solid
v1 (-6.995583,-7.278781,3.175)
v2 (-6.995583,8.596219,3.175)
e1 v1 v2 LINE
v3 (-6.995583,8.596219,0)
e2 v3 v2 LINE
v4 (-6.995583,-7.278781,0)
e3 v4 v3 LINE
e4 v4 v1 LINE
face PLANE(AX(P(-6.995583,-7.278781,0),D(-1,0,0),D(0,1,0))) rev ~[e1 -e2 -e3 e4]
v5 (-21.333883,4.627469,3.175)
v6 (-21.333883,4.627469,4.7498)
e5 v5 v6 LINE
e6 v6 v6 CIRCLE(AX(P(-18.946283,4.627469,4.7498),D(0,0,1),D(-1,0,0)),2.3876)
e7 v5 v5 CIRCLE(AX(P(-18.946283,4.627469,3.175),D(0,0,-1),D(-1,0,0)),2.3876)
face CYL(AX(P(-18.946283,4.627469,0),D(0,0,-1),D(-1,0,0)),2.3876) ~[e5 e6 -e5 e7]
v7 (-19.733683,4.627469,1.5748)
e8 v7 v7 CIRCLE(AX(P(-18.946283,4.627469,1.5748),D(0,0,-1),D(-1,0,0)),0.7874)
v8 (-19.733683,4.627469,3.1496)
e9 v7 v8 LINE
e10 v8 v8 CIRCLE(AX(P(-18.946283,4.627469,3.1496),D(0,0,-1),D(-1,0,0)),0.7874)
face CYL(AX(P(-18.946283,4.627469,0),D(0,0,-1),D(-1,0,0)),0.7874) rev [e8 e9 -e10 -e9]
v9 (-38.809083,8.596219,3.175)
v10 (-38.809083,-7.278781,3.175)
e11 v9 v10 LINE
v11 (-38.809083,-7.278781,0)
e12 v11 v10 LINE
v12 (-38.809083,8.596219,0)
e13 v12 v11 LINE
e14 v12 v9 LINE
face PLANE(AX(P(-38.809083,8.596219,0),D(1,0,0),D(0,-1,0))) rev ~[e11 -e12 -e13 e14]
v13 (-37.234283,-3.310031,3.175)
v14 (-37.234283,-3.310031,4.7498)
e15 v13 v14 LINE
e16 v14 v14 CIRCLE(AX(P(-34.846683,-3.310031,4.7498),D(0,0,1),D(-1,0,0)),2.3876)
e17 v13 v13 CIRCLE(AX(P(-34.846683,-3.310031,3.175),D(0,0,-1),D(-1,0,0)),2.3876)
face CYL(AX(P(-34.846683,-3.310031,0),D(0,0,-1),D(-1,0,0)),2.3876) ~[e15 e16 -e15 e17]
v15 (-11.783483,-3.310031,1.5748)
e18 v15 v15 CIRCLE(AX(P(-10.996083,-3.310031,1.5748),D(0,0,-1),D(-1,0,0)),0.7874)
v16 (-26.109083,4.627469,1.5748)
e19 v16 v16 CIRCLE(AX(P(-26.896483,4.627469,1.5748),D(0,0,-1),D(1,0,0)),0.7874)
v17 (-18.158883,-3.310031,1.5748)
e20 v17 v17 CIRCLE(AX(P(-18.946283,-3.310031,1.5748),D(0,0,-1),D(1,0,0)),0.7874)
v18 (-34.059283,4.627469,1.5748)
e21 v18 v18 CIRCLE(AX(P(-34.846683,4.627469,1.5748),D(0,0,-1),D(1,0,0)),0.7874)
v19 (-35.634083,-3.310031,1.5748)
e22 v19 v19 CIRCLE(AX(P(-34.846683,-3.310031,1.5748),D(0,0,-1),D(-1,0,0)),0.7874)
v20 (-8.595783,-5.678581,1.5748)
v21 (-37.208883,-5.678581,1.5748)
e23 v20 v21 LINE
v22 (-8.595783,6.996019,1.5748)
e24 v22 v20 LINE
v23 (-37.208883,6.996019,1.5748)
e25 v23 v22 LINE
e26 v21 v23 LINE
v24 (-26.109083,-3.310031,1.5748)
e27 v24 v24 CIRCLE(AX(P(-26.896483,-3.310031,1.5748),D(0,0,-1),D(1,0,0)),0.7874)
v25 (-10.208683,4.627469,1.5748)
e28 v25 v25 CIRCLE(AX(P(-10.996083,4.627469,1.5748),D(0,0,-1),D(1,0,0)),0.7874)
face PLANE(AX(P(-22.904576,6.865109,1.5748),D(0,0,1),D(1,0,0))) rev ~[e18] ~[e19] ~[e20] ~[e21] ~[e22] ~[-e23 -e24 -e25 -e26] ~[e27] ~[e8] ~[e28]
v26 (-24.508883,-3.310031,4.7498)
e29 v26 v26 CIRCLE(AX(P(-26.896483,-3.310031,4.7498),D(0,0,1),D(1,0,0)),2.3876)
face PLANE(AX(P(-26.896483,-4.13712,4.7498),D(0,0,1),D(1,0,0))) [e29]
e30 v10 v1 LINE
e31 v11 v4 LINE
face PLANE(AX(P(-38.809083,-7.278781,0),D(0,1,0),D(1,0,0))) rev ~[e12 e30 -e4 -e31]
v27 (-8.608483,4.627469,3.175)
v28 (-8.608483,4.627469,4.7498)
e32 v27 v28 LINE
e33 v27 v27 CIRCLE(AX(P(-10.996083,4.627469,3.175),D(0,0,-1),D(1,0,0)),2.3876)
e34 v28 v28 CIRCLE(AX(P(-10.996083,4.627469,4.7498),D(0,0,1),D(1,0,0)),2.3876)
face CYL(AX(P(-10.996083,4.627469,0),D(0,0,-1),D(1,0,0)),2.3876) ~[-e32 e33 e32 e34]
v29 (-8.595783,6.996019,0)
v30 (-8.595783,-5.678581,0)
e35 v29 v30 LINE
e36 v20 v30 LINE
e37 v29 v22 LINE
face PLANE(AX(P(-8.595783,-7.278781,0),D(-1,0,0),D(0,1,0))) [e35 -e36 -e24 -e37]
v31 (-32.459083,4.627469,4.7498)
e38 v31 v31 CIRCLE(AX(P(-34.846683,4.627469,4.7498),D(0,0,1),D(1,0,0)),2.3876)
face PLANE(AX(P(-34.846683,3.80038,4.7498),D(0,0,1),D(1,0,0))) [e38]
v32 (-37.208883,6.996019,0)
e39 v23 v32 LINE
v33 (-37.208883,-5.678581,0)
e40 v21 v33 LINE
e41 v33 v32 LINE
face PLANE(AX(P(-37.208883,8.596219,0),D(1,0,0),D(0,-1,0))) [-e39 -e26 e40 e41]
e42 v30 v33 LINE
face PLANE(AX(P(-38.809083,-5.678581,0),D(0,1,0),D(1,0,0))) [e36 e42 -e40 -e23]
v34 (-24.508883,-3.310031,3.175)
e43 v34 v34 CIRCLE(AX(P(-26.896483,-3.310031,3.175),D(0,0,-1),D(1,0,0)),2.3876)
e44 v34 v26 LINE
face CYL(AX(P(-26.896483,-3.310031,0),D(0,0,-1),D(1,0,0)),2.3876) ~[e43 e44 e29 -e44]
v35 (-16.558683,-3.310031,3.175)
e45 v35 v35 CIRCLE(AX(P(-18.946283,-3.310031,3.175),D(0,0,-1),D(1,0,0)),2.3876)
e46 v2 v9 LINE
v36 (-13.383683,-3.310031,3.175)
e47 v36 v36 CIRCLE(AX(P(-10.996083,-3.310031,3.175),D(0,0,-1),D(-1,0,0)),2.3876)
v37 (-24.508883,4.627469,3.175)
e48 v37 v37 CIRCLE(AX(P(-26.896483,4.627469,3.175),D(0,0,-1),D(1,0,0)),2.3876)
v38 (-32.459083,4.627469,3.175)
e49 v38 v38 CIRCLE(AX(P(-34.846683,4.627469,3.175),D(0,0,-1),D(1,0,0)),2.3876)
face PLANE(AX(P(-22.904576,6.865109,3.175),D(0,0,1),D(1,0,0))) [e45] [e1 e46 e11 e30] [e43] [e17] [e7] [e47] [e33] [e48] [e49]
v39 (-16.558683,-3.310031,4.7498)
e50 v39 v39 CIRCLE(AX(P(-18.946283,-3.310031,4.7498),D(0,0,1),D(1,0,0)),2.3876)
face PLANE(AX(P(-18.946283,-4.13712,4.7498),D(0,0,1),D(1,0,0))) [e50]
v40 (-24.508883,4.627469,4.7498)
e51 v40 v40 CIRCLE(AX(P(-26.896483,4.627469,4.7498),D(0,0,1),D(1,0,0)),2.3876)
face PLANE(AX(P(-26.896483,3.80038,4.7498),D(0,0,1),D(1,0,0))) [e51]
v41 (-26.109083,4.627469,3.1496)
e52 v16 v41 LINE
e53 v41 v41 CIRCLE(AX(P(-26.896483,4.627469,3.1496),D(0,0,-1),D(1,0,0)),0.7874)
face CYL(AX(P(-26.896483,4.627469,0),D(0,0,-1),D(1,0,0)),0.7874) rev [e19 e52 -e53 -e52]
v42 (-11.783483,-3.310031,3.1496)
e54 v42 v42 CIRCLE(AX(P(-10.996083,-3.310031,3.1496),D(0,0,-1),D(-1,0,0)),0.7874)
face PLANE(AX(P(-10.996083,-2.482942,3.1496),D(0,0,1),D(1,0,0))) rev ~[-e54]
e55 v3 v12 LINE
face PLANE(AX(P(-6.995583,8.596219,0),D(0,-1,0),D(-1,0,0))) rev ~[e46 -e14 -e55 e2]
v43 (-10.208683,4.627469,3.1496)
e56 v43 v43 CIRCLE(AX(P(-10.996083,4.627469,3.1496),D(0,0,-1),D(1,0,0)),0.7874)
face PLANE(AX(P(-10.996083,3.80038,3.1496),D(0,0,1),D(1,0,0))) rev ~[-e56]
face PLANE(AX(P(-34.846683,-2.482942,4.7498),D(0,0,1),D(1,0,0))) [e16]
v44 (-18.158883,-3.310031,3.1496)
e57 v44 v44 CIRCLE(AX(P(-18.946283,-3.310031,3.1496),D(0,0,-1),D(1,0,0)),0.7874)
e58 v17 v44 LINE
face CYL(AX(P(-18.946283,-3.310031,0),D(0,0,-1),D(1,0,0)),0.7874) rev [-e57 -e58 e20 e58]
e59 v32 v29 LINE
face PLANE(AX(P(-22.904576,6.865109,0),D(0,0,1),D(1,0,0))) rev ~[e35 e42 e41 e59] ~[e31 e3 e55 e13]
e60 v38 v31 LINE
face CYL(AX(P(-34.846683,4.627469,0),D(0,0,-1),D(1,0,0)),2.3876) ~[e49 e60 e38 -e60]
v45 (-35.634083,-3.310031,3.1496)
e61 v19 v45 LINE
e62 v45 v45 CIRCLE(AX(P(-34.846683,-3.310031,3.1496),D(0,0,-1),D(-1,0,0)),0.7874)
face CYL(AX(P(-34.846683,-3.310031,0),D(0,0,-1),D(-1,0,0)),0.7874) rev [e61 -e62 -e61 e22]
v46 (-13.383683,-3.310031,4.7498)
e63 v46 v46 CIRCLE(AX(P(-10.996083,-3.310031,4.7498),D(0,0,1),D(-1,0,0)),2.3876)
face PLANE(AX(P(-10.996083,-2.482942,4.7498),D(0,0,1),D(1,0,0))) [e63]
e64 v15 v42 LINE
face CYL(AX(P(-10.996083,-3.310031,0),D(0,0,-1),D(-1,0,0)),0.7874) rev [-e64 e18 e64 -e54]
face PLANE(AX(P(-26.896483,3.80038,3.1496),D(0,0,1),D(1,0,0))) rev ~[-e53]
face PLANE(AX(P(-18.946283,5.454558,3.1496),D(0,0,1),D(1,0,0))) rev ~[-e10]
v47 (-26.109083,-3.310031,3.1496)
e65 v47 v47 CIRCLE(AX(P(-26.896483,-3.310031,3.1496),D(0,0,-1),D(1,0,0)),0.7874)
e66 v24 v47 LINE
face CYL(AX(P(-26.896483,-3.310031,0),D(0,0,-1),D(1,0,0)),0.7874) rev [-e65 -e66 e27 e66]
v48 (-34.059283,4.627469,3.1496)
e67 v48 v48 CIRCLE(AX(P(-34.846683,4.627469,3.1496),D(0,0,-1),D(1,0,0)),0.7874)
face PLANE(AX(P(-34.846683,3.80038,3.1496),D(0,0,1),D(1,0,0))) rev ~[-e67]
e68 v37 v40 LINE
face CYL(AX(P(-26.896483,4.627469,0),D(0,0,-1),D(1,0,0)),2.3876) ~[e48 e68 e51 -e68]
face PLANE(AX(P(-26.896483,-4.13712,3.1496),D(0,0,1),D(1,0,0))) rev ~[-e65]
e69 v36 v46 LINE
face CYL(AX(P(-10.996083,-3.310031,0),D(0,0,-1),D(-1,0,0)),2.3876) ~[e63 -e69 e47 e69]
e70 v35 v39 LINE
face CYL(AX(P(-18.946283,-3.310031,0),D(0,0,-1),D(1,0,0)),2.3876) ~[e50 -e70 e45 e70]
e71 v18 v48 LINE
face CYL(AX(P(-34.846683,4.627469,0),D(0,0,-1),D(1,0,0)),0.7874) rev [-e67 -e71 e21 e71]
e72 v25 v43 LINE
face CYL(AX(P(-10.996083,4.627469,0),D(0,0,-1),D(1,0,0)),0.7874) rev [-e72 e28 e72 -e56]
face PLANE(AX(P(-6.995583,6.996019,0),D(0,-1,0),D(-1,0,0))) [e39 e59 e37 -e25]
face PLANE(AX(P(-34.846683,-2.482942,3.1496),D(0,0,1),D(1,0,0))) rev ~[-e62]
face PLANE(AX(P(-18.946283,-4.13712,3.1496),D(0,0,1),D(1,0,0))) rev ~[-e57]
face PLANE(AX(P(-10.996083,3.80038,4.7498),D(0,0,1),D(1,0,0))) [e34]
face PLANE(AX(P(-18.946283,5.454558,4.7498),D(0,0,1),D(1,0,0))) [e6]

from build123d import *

# Parameters (mm, degrees)
F1_DEPTH = 3.175
F2_DEPTH = 4.7498
F3_T     = -1.6002


with BuildPart() as f1:
    # F0 (on Top) → F1 (new body)
    with BuildSketch(Plane.XY):
        with BuildLine():
            Line((-6.9955831819, 8.5962191019), (-38.8090831819, 8.5962191019))
            Line((-38.8090831819, 8.5962191019), (-38.8090831819, 4.6274691019))
            Line((-38.8090831819, 4.6274691019), (-37.2342831819, 4.6274691019))
            ThreePointArc((-37.2342831819, 4.6274691019), (-34.8466831819, 7.0150691019), (-32.4590831819, 4.6274691019))
            Line((-32.4590831819, 4.6274691019), (-29.2840831819, 4.6274691019))
            ThreePointArc((-29.2840831819, 4.6274691019), (-26.8964831819, 7.0150691019), (-24.5088831819, 4.6274691019))
            Line((-24.5088831819, 4.6274691019), (-21.3338831819, 4.6274691019))
            ThreePointArc((-21.3338831819, 4.6274691019), (-18.9462831819, 7.0150691019), (-16.5586831819, 4.6274691019))
            Line((-16.5586831819, 4.6274691019), (-13.3836831819, 4.6274691019))
            ThreePointArc((-13.3836831819, 4.6274691019), (-10.9960831819, 7.0150691019), (-8.6084831819, 4.6274691019))
            Line((-8.6084831819, 4.6274691019), (-6.9955831819, 4.6274691019))
            Line((-6.9955831819, 4.6274691019), (-6.9955831819, 8.5962191019))
        make_face()
        with BuildLine():
            Line((-37.2342831819, 4.6274691019), (-38.8090831819, 4.6274691019))
            Line((-38.8090831819, 4.6274691019), (-38.8090831819, 0.6587191019))
            Line((-38.8090831819, 0.6587191019), (-6.9955831819, 0.6587191019))
            Line((-6.9955831819, 0.6587191019), (-6.9955831819, 4.6274691019))
            Line((-6.9955831819, 4.6274691019), (-8.6084831819, 4.6274691019))
            ThreePointArc((-8.6084831819, 4.6274691019), (-10.9960831819, 2.2398691019), (-13.3836831819, 4.6274691019))
            Line((-13.3836831819, 4.6274691019), (-16.5586831819, 4.6274691019))
            ThreePointArc((-16.5586831819, 4.6274691019), (-18.9462831819, 2.2398691019), (-21.3338831819, 4.6274691019))
            Line((-21.3338831819, 4.6274691019), (-24.5088831819, 4.6274691019))
            ThreePointArc((-24.5088831819, 4.6274691019), (-26.8964831819, 2.2398691019), (-29.2840831819, 4.6274691019))
            Line((-29.2840831819, 4.6274691019), (-32.4590831819, 4.6274691019))
            ThreePointArc((-32.4590831819, 4.6274691019), (-34.8466831819, 2.2398691019), (-37.2342831819, 4.6274691019))
        make_face()
        with BuildLine():
            Line((-37.2342831819, -3.3100308981), (-38.8090831819, -3.3100308981))
            Line((-38.8090831819, -3.3100308981), (-38.8090831819, -7.2787808981))
            Line((-38.8090831819, -7.2787808981), (-6.9955831819, -7.2787808981))
            Line((-6.9955831819, -7.2787808981), (-6.9955831819, -3.3100308981))
            Line((-6.9955831819, -3.3100308981), (-8.6084831819, -3.3100308981))
            ThreePointArc((-8.6084831819, -3.3100308981), (-10.9960831819, -5.6976308981), (-13.3836831819, -3.3100308981))
            Line((-13.3836831819, -3.3100308981), (-16.5586831819, -3.3100308981))
            ThreePointArc((-16.5586831819, -3.3100308981), (-18.9462831819, -5.6976308981), (-21.3338831819, -3.3100308981))
            Line((-21.3338831819, -3.3100308981), (-24.5088831819, -3.3100308981))
            ThreePointArc((-24.5088831819, -3.3100308981), (-26.8964831819, -5.6976308981), (-29.2840831819, -3.3100308981))
            Line((-29.2840831819, -3.3100308981), (-32.4590831819, -3.3100308981))
            ThreePointArc((-32.4590831819, -3.3100308981), (-34.8466831819, -5.6976308981), (-37.2342831819, -3.3100308981))
        make_face()
        with BuildLine():
            Line((-6.9955831819, 0.6587191019), (-38.8090831819, 0.6587191019))
            Line((-38.8090831819, 0.6587191019), (-38.8090831819, -3.3100308981))
            Line((-38.8090831819, -3.3100308981), (-37.2342831819, -3.3100308981))
            ThreePointArc((-37.2342831819, -3.3100308981), (-34.8466831819, -0.9224308981), (-32.4590831819, -3.3100308981))
            Line((-32.4590831819, -3.3100308981), (-29.2840831819, -3.3100308981))
            ThreePointArc((-29.2840831819, -3.3100308981), (-26.8964831819, -0.9224308981), (-24.5088831819, -3.3100308981))
            Line((-24.5088831819, -3.3100308981), (-21.3338831819, -3.3100308981))
            ThreePointArc((-21.3338831819, -3.3100308981), (-18.9462831819, -0.9224308981), (-16.5586831819, -3.3100308981))
            Line((-16.5586831819, -3.3100308981), (-13.3836831819, -3.3100308981))
            ThreePointArc((-13.3836831819, -3.3100308981), (-10.9960831819, -0.9224308981), (-8.6084831819, -3.3100308981))
            Line((-8.6084831819, -3.3100308981), (-6.9955831819, -3.3100308981))
            Line((-6.9955831819, -3.3100308981), (-6.9955831819, 0.6587191019))
        make_face()
    extrude(amount=F1_DEPTH)

    # F0 (on Top) → F2 (join)
    with BuildSketch(Plane.XY):
        with BuildLine():
            Line((-32.4590831819, 4.6274691019), (-37.2342831819, 4.6274691019))
            ThreePointArc((-37.2342831819, 4.6274691019), (-34.8466831819, 2.2398691019), (-32.4590831819, 4.6274691019))
        make_face()
        with BuildLine():
            ThreePointArc((-32.4590831819, 4.6274691019), (-34.8466831819, 7.0150691019), (-37.2342831819, 4.6274691019))
            Line((-37.2342831819, 4.6274691019), (-32.4590831819, 4.6274691019))
        make_face()
        with BuildLine():
            ThreePointArc((-32.4590831819, -3.3100308981), (-34.8466831819, -0.9224308981), (-37.2342831819, -3.3100308981))
            Line((-37.2342831819, -3.3100308981), (-32.4590831819, -3.3100308981))
        make_face()
        with BuildLine():
            Line((-32.4590831819, -3.3100308981), (-37.2342831819, -3.3100308981))
            ThreePointArc((-37.2342831819, -3.3100308981), (-34.8466831819, -5.6976308981), (-32.4590831819, -3.3100308981))
        make_face()
        with BuildLine():
            Line((-24.5088831819, -3.3100308981), (-29.2840831819, -3.3100308981))
            ThreePointArc((-29.2840831819, -3.3100308981), (-26.8964831819, -5.6976308981), (-24.5088831819, -3.3100308981))
        make_face()
        with BuildLine():
            ThreePointArc((-24.5088831819, -3.3100308981), (-26.8964831819, -0.9224308981), (-29.2840831819, -3.3100308981))
            Line((-29.2840831819, -3.3100308981), (-24.5088831819, -3.3100308981))
        make_face()
        with BuildLine():
            Line((-24.5088831819, 4.6274691019), (-29.2840831819, 4.6274691019))
            ThreePointArc((-29.2840831819, 4.6274691019), (-26.8964831819, 2.2398691019), (-24.5088831819, 4.6274691019))
        make_face()
        with BuildLine():
            ThreePointArc((-24.5088831819, 4.6274691019), (-26.8964831819, 7.0150691019), (-29.2840831819, 4.6274691019))
            Line((-29.2840831819, 4.6274691019), (-24.5088831819, 4.6274691019))
        make_face()
        with BuildLine():
            ThreePointArc((-21.3338831819, -3.3100308981), (-18.9462831819, -5.6976308981), (-16.5586831819, -3.3100308981))
            Line((-16.5586831819, -3.3100308981), (-21.3338831819, -3.3100308981))
        make_face()
        with BuildLine():
            Line((-21.3338831819, -3.3100308981), (-16.5586831819, -3.3100308981))
            ThreePointArc((-16.5586831819, -3.3100308981), (-18.9462831819, -0.9224308981), (-21.3338831819, -3.3100308981))
        make_face()
        with BuildLine():
            Line((-21.3338831819, 4.6274691019), (-16.5586831819, 4.6274691019))
            ThreePointArc((-16.5586831819, 4.6274691019), (-18.9462831819, 7.0150691019), (-21.3338831819, 4.6274691019))
        make_face()
        with BuildLine():
            ThreePointArc((-21.3338831819, 4.6274691019), (-18.9462831819, 2.2398691019), (-16.5586831819, 4.6274691019))
            Line((-16.5586831819, 4.6274691019), (-21.3338831819, 4.6274691019))
        make_face()
        with BuildLine():
            Line((-13.3836831819, -3.3100308981), (-8.6084831819, -3.3100308981))
            ThreePointArc((-8.6084831819, -3.3100308981), (-10.9960831819, -0.9224308981), (-13.3836831819, -3.3100308981))
        make_face()
        with BuildLine():
            ThreePointArc((-13.3836831819, -3.3100308981), (-10.9960831819, -5.6976308981), (-8.6084831819, -3.3100308981))
            Line((-8.6084831819, -3.3100308981), (-13.3836831819, -3.3100308981))
        make_face()
        with BuildLine():
            ThreePointArc((-13.3836831819, 4.6274691019), (-10.9960831819, 2.2398691019), (-8.6084831819, 4.6274691019))
            Line((-8.6084831819, 4.6274691019), (-13.3836831819, 4.6274691019))
        make_face()
        with BuildLine():
            Line((-13.3836831819, 4.6274691019), (-8.6084831819, 4.6274691019))
            ThreePointArc((-8.6084831819, 4.6274691019), (-10.9960831819, 7.0150691019), (-13.3836831819, 4.6274691019))
        make_face()
    extrude(amount=F2_DEPTH)

    # F3
    f3_openings = [f1.faces().sort_by_distance(p)[0] for p in [
        (-22.902333, 0.658719, 0),
    ]]
    offset(amount=F3_T, openings=f3_openings, kind=Kind.INTERSECTION)


solid = f1.part
